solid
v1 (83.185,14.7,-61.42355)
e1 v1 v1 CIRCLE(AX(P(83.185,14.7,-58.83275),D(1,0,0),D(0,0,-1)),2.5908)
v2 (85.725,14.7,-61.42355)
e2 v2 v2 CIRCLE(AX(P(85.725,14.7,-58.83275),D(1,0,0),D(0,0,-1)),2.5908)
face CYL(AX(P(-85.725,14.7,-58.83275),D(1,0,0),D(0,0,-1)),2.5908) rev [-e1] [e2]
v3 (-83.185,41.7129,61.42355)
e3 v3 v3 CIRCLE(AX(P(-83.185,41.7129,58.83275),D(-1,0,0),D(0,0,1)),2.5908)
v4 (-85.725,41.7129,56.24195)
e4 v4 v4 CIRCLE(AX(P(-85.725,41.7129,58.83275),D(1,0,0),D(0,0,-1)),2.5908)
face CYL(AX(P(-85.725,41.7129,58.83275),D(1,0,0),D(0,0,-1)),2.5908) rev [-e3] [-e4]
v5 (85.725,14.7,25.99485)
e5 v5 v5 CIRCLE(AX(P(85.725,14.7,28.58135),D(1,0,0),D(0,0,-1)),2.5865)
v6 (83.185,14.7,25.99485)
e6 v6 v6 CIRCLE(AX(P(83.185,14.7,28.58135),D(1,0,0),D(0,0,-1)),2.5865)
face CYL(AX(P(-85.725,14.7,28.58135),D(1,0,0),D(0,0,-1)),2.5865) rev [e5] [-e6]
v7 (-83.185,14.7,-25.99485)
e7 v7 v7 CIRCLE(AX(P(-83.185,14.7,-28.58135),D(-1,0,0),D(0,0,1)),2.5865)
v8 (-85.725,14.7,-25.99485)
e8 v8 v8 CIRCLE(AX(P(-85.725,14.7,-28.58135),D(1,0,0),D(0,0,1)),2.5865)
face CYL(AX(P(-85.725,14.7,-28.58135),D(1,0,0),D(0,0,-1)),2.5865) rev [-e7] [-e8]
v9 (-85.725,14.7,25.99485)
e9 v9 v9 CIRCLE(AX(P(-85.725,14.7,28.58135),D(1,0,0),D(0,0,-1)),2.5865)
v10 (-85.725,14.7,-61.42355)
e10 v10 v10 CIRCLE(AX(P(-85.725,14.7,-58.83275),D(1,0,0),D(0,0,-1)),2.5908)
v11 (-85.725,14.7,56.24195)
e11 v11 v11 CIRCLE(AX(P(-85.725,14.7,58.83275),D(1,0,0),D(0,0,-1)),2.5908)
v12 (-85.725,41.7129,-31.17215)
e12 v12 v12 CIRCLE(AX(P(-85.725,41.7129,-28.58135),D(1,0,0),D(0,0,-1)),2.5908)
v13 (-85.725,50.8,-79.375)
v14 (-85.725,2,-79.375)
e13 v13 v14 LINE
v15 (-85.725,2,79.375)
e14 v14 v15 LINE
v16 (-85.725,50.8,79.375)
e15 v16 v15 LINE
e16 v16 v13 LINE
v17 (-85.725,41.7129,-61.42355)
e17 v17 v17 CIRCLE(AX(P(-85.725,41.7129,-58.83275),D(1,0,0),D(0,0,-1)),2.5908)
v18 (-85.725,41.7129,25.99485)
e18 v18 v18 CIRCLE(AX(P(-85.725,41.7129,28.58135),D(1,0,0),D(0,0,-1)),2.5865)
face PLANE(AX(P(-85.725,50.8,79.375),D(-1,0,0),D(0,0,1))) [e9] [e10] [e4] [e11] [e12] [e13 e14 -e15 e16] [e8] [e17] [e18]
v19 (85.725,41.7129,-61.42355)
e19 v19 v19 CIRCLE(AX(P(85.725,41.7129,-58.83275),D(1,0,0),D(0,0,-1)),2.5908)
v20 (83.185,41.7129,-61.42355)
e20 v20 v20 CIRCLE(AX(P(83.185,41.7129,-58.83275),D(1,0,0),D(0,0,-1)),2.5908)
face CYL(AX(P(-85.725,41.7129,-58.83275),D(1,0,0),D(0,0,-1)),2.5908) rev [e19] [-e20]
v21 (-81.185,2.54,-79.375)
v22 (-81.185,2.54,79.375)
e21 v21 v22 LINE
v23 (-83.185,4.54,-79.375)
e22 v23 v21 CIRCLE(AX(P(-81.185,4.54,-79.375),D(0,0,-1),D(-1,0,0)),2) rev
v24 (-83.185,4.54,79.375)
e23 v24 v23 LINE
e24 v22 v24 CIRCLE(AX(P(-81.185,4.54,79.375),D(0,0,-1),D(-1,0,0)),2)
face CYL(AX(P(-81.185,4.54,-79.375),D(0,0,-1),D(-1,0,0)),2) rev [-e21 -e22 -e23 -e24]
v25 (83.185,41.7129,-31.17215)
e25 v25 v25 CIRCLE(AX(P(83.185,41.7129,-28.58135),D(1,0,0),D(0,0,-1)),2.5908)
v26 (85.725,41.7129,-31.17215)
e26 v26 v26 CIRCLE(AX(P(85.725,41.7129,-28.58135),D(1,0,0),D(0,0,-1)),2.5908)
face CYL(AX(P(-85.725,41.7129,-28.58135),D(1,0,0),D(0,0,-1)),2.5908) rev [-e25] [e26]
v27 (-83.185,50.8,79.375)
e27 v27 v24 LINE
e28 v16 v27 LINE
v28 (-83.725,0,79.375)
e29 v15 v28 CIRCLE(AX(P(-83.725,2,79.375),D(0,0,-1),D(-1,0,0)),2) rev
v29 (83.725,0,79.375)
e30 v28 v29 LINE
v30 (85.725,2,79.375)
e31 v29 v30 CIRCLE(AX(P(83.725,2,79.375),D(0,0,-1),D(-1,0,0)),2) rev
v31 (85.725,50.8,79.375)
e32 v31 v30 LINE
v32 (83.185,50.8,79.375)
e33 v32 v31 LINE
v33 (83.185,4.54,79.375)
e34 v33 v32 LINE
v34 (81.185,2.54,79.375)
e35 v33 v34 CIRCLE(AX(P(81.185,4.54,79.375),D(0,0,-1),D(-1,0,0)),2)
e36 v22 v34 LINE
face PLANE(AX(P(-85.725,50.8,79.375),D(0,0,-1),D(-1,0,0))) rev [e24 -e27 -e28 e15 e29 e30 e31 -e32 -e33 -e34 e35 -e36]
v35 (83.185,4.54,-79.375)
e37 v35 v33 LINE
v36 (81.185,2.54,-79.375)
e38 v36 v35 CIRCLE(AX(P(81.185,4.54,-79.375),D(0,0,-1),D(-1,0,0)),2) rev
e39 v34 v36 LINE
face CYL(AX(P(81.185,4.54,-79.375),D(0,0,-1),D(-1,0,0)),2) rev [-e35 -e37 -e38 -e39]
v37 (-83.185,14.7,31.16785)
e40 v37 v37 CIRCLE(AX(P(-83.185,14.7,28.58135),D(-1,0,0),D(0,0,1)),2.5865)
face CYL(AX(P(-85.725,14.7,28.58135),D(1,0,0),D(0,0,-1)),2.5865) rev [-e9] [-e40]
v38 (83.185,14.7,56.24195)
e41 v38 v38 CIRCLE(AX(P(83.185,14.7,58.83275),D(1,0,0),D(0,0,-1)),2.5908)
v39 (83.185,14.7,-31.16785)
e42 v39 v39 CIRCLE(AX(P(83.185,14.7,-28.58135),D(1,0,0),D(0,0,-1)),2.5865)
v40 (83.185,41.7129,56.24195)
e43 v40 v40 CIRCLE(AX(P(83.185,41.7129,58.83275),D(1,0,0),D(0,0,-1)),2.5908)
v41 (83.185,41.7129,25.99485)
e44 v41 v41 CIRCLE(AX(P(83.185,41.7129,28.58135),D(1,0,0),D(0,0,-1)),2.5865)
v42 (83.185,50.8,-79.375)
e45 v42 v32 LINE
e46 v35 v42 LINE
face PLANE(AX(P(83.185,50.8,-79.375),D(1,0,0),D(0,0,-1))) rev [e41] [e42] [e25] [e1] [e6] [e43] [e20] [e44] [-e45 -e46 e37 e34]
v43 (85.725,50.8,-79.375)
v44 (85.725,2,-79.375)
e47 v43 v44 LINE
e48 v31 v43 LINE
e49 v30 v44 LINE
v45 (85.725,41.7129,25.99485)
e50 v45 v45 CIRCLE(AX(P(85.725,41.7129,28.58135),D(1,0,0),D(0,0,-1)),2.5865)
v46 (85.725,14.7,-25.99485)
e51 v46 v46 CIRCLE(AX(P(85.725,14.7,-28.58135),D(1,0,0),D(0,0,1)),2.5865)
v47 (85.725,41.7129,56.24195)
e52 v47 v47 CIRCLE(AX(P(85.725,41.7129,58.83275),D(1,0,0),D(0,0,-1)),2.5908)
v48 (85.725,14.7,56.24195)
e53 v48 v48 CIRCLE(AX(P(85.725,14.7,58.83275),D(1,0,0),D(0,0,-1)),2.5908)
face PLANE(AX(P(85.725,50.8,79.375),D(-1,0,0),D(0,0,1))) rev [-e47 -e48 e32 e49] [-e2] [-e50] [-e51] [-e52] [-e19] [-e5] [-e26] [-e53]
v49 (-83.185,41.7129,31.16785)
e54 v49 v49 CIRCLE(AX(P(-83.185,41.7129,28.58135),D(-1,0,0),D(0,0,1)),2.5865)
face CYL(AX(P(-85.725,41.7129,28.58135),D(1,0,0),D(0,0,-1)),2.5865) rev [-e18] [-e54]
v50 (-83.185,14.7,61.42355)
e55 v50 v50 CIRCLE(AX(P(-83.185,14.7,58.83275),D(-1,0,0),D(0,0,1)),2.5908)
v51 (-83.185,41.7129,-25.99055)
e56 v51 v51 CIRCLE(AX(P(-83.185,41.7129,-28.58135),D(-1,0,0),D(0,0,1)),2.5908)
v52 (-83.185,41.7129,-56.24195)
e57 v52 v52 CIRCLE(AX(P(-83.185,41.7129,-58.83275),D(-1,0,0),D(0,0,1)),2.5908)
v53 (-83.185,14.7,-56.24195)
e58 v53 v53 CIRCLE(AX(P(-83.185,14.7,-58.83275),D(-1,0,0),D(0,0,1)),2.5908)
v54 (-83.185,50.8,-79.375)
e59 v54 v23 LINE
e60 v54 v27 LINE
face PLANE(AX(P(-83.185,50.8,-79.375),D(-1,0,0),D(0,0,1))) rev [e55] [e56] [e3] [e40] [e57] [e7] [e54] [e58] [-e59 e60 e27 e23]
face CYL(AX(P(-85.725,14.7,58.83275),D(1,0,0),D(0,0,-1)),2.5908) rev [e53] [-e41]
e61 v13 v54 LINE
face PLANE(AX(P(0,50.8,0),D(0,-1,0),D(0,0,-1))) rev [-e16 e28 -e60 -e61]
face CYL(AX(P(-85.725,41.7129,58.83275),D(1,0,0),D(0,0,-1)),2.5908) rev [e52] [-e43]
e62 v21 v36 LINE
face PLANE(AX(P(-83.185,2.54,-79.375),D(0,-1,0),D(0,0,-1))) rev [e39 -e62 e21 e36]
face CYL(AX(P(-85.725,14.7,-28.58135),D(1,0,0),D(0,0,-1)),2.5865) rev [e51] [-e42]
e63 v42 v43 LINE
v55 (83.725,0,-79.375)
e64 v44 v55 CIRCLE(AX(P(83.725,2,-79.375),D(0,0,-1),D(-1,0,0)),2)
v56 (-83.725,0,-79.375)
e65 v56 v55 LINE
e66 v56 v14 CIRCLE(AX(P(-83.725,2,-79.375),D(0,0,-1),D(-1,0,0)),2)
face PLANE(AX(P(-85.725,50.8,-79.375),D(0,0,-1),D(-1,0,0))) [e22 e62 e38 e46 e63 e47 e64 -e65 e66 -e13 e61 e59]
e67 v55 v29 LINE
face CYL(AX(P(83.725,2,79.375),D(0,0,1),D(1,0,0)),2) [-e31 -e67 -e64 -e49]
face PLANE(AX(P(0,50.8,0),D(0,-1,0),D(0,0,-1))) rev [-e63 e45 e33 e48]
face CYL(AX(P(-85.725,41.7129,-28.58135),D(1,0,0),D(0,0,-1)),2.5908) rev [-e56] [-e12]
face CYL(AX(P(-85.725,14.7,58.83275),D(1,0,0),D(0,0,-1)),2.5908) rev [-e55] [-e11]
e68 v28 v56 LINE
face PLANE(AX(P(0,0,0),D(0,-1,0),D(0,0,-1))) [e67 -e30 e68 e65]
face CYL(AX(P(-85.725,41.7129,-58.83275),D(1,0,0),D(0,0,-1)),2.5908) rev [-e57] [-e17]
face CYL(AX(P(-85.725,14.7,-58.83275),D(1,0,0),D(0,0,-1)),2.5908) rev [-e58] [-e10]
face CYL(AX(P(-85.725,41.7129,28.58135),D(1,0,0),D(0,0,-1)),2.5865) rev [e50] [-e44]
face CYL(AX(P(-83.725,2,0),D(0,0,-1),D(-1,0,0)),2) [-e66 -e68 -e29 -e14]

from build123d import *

# Parameters (mm, degrees)
SKETCH2_W           = 171.45
SKETCH2_H           = 158.75
BOSS_EXTRUDE1_DEPTH = 50.8
SKETCH3_W           = 166.37
SKETCH3_H           = 48.26
CUT_EXTRUDE1_DEPTH  = 188.432596218
FILLET1_R           = 2
SKETCH5_R           = 2.5908
SKETCH5_R_2         = 2.5865
CUT_EXTRUDE2_DEPTH  = 196.642871388


with BuildPart() as part:
    # Sketch2 → Boss-Extrude1 (new body)
    with BuildSketch(Plane(origin=(0, 0, 0), x_dir=(1, 0, 0), z_dir=(0, 1, 0))):
        Rectangle(SKETCH2_W, SKETCH2_H)
    extrude(amount=BOSS_EXTRUDE1_DEPTH)

    # Sketch3 → Cut-Extrude1 (cut, through all)
    with BuildSketch(Plane.XY.offset(79.375)):
        with Locations((0, 26.67)):
            Rectangle(SKETCH3_W, SKETCH3_H)
    extrude(amount=-CUT_EXTRUDE1_DEPTH, mode=Mode.SUBTRACT)

    # Fillet1
    fillet1_edges = [part.edges().sort_by_distance(p)[0] for p in [
        (-83.185, 2.54, 0),
        (83.185, 2.54, 0),
        (85.725, 0, 0),
        (-85.725, 0, 0),
    ]]
    fillet(fillet1_edges, radius=FILLET1_R)

    # Sketch5 → Cut-Extrude2 (cut, through all)
    with BuildSketch(Plane(origin=(85.725, 0, 0), x_dir=(0, 0, -1), z_dir=(1, 0, 0))):
        with Locations((-58.83275, 41.7129)):
            Circle(SKETCH5_R)
        with Locations((-58.83275, 14.7)):
            Circle(SKETCH5_R)
        with Locations((58.83275, 41.7129)):
            Circle(SKETCH5_R)
        with Locations((58.83275, 14.7)):
            Circle(SKETCH5_R)
        with Locations((-28.58135, 41.7129)):
            Circle(SKETCH5_R_2)
        with Locations((-28.58135, 14.7)):
            Circle(SKETCH5_R_2)
        with Locations((28.58135, 41.7129)):
            Circle(SKETCH5_R)
        with Locations((28.58135, 14.7)):
            Circle(SKETCH5_R_2)
    extrude(amount=-CUT_EXTRUDE2_DEPTH, mode=Mode.SUBTRACT)


solid = part.part
